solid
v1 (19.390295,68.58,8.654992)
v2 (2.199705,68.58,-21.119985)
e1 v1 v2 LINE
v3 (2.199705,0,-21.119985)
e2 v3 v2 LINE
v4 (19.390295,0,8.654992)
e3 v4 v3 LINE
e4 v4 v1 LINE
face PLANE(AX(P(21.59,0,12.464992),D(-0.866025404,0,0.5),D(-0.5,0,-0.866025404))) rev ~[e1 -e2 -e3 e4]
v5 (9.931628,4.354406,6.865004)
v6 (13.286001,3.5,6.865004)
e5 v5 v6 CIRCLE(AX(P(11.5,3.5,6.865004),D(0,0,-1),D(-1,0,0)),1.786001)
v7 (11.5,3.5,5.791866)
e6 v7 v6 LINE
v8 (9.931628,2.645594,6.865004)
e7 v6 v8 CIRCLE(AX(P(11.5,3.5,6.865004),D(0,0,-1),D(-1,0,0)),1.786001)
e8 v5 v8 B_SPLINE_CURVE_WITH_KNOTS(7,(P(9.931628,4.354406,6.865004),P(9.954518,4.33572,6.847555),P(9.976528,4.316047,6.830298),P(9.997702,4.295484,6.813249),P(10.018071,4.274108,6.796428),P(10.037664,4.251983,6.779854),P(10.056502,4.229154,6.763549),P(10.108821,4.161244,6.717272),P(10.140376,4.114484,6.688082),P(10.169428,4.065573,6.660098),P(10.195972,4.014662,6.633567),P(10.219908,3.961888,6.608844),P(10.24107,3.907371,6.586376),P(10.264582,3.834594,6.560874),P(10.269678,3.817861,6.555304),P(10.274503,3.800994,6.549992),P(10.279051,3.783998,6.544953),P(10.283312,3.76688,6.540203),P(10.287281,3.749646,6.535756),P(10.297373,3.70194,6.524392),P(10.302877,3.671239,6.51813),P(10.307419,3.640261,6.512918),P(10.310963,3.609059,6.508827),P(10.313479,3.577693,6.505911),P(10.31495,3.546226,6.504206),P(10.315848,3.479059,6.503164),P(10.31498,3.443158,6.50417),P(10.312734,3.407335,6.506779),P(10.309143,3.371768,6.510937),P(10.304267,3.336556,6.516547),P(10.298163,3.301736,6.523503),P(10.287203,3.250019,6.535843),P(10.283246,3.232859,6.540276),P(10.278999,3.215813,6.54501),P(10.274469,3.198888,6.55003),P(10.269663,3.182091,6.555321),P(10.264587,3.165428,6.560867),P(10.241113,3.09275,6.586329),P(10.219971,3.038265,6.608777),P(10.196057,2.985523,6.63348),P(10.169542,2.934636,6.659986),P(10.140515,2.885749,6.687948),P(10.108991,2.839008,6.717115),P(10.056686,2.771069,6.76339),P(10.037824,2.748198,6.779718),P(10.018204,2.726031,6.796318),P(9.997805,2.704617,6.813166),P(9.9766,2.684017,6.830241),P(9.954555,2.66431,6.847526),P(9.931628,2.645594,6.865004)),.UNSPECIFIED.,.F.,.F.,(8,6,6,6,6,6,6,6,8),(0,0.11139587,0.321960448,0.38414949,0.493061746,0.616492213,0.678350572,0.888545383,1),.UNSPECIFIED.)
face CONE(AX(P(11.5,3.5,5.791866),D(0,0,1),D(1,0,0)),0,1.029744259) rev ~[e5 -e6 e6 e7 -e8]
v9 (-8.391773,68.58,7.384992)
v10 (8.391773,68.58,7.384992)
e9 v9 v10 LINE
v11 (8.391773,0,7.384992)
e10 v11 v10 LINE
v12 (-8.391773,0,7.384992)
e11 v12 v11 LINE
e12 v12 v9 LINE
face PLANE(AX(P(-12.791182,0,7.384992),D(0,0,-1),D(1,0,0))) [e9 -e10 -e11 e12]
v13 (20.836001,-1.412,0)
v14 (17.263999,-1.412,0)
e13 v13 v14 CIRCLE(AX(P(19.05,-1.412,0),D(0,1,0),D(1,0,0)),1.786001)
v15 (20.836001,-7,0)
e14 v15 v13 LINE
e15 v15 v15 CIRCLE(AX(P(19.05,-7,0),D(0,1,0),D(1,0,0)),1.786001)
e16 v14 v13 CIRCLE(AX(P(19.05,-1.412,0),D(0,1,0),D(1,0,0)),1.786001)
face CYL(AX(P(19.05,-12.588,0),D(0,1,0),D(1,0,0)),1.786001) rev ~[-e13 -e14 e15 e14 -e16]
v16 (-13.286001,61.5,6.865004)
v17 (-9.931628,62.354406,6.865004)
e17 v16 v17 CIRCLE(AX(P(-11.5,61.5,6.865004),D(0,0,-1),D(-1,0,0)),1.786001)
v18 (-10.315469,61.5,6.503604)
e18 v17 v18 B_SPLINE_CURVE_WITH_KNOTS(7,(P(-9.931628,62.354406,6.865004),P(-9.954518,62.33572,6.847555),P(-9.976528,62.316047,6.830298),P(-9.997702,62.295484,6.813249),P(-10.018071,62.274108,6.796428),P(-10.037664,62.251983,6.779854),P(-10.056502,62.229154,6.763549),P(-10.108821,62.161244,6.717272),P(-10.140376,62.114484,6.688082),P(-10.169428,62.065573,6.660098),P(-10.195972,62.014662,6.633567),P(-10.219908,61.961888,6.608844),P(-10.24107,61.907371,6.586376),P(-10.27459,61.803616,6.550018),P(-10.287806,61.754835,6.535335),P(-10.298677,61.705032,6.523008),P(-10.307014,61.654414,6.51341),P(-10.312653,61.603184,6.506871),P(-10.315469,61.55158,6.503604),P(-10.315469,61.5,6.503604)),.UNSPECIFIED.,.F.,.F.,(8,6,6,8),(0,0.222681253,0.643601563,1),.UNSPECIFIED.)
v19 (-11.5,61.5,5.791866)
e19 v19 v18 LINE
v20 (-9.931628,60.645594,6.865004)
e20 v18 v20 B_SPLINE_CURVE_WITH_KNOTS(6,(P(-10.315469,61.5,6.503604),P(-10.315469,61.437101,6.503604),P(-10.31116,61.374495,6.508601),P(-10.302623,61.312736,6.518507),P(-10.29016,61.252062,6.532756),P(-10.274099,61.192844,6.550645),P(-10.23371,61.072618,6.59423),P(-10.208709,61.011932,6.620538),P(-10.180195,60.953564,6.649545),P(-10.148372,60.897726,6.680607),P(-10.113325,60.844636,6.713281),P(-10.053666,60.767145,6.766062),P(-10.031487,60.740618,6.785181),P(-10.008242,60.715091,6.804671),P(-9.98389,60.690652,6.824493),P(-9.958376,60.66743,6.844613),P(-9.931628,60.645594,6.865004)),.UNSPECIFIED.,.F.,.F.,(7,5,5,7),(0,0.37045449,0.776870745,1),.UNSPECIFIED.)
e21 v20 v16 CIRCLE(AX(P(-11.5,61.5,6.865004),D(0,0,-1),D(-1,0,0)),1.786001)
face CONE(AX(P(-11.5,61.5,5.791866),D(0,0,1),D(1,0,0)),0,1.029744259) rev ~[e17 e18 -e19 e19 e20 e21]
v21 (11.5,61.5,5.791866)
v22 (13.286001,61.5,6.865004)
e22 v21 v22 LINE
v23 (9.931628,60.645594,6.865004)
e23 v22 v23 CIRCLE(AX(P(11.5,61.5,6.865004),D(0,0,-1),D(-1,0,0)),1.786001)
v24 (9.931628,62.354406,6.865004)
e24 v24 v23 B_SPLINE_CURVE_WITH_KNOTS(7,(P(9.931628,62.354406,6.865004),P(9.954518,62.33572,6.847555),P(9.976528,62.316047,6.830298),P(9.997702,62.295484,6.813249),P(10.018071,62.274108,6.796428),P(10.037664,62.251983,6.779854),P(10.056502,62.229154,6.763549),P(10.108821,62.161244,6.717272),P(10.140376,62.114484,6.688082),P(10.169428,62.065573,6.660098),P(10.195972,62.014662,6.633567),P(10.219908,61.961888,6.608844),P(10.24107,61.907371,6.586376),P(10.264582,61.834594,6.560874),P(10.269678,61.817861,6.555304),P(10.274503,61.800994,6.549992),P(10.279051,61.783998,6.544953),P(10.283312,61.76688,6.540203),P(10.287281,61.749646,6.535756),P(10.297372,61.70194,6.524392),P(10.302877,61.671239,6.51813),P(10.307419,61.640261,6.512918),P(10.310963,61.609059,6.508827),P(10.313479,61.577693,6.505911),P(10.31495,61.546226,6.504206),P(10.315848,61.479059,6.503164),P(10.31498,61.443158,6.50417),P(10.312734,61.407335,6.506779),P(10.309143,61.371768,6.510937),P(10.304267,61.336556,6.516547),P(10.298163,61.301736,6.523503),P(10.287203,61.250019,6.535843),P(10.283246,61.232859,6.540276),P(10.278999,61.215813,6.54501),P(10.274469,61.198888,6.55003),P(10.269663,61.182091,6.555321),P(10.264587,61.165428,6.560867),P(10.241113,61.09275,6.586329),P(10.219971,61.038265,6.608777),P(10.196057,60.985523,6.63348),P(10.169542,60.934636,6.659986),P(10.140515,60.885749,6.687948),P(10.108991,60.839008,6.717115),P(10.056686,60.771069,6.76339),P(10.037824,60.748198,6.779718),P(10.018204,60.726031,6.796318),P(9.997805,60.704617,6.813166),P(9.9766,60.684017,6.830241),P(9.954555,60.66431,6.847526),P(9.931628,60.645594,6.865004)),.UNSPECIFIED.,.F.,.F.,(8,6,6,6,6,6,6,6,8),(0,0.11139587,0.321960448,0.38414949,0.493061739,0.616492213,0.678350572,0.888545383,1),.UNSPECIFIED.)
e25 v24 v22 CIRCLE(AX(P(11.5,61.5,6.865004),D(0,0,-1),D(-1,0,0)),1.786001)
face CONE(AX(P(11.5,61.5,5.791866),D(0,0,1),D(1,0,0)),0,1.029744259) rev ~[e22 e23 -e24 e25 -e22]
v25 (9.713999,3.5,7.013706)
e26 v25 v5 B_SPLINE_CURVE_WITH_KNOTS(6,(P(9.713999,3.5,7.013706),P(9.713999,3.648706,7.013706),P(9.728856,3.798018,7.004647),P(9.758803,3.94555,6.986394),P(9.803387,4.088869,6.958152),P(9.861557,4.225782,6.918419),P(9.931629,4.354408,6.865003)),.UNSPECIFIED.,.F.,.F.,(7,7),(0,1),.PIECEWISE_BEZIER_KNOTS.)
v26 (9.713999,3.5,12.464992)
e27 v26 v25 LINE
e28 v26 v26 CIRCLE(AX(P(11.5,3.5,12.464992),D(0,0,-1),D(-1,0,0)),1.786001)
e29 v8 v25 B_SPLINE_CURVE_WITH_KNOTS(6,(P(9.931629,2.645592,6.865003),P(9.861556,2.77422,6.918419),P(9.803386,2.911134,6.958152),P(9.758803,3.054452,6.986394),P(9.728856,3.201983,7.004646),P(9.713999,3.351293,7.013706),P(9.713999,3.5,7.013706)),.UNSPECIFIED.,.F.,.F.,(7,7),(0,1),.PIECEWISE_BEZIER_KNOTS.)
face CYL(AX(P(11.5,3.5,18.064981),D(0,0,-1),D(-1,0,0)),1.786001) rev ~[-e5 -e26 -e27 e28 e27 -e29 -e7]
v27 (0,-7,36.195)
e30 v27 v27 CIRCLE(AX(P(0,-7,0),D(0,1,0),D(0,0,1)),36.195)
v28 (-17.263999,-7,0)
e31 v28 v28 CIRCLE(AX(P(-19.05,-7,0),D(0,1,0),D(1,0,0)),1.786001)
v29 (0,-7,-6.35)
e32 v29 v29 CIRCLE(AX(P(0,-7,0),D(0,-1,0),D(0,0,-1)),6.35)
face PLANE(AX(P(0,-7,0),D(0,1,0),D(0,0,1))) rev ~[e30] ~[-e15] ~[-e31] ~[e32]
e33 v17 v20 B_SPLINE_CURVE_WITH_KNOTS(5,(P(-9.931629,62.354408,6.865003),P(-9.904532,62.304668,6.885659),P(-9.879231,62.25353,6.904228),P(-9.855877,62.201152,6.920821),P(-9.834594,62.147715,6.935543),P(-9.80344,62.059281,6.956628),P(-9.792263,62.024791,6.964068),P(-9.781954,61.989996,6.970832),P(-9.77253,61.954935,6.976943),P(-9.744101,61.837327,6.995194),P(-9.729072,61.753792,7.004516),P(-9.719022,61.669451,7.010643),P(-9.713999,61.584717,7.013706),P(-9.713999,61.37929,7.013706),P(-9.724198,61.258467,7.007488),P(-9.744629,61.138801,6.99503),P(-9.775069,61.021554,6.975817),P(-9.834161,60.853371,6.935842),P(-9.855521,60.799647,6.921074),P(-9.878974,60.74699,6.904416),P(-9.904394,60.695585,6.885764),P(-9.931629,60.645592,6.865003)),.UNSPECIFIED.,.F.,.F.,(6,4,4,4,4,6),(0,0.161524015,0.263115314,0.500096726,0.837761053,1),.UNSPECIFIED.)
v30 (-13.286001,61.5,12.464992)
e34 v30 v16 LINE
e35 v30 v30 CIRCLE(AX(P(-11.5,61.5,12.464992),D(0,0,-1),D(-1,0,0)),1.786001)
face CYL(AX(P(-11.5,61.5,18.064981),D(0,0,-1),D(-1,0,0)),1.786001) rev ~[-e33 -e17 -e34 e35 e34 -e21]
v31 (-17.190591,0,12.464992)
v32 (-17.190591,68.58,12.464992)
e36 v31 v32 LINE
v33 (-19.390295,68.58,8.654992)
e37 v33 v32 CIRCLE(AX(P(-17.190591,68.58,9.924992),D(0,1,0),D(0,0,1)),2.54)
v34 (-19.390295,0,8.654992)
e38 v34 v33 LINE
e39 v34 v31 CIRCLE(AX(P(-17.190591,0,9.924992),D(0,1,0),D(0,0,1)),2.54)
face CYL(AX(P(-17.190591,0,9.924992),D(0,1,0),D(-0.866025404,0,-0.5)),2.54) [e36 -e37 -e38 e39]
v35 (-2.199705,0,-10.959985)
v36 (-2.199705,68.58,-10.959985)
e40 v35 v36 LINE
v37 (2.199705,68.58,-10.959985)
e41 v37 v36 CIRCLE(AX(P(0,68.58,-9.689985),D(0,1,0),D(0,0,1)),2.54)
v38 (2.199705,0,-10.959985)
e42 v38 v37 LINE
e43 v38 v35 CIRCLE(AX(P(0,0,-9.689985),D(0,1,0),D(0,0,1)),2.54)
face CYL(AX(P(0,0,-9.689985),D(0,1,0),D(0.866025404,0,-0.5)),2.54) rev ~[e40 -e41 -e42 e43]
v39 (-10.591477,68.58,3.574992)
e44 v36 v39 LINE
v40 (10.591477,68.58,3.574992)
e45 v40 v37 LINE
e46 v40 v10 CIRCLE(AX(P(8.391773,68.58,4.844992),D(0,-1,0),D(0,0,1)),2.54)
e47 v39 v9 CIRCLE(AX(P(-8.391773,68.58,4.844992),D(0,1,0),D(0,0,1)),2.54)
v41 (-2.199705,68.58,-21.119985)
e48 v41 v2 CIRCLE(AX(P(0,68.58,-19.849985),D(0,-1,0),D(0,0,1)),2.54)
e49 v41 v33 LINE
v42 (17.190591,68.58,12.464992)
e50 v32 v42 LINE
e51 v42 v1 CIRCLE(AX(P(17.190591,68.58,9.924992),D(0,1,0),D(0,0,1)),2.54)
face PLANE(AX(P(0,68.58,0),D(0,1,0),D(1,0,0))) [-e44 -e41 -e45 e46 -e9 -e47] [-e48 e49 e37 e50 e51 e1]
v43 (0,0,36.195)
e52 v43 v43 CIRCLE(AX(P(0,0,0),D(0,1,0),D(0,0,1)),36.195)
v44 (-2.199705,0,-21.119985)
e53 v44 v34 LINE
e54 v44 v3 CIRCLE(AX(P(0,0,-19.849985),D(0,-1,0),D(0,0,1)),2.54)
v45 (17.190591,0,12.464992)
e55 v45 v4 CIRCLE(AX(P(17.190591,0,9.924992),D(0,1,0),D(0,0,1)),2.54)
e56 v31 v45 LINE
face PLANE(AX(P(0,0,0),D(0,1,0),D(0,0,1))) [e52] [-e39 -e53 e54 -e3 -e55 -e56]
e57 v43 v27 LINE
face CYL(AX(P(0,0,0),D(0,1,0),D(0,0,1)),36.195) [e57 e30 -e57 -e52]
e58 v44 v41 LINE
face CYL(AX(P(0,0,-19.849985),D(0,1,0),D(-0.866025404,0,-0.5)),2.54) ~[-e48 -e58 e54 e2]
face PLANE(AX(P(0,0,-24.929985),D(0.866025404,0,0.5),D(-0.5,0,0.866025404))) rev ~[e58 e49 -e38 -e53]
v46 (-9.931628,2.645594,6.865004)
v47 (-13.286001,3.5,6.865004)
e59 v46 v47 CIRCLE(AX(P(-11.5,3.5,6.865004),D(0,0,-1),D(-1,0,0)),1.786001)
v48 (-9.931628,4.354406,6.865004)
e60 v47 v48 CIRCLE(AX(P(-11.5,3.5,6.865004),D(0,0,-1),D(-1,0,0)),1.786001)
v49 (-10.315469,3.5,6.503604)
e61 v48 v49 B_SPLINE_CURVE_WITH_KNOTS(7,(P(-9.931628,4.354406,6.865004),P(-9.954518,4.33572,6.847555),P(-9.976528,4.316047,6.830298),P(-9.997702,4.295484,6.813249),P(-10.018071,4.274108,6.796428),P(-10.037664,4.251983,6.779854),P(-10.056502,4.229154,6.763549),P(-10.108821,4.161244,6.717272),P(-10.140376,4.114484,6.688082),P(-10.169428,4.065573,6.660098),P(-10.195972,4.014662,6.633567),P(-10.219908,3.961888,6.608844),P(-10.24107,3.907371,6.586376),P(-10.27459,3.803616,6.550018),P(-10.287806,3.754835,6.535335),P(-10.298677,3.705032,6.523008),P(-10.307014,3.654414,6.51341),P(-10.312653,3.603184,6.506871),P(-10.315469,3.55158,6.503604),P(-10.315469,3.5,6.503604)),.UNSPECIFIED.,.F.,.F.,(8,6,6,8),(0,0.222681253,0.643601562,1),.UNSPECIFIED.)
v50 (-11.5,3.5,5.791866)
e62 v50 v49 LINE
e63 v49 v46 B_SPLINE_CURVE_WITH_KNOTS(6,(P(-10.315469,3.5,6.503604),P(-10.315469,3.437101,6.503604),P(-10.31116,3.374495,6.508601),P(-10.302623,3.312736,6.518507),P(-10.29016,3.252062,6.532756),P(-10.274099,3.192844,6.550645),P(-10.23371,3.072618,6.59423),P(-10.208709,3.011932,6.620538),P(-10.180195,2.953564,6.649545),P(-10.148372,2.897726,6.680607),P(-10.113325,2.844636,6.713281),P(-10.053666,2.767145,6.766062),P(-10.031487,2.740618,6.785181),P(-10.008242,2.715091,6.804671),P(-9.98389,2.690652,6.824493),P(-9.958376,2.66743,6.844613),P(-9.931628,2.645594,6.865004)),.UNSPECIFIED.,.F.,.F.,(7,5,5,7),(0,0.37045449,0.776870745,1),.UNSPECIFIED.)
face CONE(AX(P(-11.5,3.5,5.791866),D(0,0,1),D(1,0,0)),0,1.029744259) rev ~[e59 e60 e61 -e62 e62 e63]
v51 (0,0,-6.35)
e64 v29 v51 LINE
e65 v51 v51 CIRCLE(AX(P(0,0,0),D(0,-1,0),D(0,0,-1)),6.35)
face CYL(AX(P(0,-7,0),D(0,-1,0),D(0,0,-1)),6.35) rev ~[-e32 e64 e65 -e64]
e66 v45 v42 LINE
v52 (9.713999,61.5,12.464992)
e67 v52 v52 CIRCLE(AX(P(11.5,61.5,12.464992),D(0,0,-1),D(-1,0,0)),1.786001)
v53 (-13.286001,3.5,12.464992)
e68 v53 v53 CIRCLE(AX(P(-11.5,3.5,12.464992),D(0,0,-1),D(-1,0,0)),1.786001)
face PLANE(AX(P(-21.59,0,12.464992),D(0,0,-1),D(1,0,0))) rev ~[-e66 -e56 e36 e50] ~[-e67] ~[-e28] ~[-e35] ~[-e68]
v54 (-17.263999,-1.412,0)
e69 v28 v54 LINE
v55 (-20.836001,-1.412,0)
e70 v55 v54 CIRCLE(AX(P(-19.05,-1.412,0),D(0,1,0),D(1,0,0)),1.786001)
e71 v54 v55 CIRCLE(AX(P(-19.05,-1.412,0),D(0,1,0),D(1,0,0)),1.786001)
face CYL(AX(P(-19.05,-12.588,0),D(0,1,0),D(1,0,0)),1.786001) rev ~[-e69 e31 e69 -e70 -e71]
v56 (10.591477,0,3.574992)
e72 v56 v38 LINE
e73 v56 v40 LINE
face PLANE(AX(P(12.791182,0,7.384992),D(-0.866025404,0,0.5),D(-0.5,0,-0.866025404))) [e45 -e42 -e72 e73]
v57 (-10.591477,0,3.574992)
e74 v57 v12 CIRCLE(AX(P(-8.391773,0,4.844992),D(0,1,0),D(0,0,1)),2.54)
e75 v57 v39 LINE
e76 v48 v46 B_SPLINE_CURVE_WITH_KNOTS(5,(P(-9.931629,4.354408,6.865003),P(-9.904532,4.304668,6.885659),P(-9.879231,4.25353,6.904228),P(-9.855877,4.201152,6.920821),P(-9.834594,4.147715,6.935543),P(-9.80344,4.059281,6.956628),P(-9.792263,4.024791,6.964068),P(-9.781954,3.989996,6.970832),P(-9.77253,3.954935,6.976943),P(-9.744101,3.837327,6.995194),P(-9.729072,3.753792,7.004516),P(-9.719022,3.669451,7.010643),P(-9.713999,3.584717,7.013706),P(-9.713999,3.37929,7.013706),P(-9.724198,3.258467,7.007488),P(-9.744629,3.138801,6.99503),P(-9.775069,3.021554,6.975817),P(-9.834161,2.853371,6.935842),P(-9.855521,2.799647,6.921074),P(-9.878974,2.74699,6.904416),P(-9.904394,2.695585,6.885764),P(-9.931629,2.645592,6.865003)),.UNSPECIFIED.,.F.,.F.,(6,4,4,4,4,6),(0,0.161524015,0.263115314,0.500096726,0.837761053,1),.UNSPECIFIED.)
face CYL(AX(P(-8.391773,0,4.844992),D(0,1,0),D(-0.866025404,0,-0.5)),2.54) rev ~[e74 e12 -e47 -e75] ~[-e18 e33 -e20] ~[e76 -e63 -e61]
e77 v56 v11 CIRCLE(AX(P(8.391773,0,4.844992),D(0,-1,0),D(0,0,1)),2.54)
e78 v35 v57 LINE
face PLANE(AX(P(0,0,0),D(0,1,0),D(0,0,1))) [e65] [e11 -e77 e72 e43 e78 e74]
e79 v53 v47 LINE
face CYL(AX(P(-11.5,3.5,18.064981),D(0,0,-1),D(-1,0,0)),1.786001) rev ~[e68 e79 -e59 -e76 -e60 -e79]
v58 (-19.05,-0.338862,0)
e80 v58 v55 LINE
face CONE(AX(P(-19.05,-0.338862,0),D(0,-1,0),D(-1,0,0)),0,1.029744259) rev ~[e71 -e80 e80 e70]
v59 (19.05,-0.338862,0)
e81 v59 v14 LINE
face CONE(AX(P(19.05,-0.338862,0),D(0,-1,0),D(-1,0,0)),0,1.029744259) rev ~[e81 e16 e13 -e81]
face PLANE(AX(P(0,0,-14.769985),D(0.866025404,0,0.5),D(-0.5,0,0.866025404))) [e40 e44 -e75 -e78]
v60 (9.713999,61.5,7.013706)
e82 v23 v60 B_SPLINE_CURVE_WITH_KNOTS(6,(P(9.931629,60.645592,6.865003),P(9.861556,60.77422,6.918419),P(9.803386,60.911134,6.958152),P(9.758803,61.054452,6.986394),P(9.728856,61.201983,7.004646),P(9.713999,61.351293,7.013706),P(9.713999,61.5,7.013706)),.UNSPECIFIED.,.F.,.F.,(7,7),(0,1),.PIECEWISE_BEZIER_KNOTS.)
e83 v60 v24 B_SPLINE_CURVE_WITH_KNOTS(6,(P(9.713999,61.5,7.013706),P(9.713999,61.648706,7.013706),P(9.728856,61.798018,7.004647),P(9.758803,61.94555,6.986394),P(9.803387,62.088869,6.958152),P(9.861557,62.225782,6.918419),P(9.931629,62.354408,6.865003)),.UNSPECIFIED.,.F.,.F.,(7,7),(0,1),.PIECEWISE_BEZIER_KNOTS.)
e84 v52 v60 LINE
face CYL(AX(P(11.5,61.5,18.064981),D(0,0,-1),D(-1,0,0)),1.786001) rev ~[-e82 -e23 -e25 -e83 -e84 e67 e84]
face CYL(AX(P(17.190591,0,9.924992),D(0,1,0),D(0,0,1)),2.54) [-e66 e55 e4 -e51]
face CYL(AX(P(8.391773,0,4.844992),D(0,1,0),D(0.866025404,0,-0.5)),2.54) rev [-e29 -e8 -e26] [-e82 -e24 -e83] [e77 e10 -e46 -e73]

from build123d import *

# Parameters (mm, degrees)
SKETCH1_R                           = 36.195
BOSS_EXTRUDE1_DEPTH                 = 7
CUT_EXTRUDE1_REACH                  = 53.664
SKETCH2_R                           = 6.35
BOSS_EXTRUDE2_DEPTH                 = 68.58
FILLET1_R                           = 2.54
F_9_64_0_14063_DIAMETER_HOLE1_D     = 3.572002
F_9_64_0_14063_DIAMETER_HOLE1_DEPTH = 5.5999888
F_9_64_0_14063_DIAMETER_HOLE1_TIP   = 1.073137666
F_9_64_0_14063_DIAMETER_HOLE2_D     = 3.572002
F_9_64_0_14063_DIAMETER_HOLE2_DEPTH = 5.588
F_9_64_0_14063_DIAMETER_HOLE2_TIP   = 1.073137666


with BuildPart() as part:
    # Sketch1 → Boss-Extrude1 (new body)
    with BuildSketch(Plane(origin=(0, 0, 0), x_dir=(1, 0, 0), z_dir=(0, 1, 0))):
        Circle(SKETCH1_R)
    extrude(amount=-BOSS_EXTRUDE1_DEPTH)

    # Sketch2 → Cut-Extrude1 (cut, up to next)
    with BuildSketch(Plane.XZ.offset(7), mode=Mode.PRIVATE) as cut_extrude1_sk1:
        Circle(SKETCH2_R)
    cut_extrude1_tool1 = extrude(cut_extrude1_sk1.sketch, amount=-CUT_EXTRUDE1_REACH, mode=Mode.PRIVATE) & part.part
    add(cut_extrude1_tool1.solids().sort_by_distance((0, -7, 0))[0], mode=Mode.SUBTRACT)

    # Sketch3 → Boss-Extrude2 (add)
    with BuildSketch(Plane(origin=(0, 0, 0), x_dir=(1, 0, 0), z_dir=(0, 1, 0))):
        Polygon((0, 24.929984624), (-21.59, -12.464992312), (21.59, -12.464992312), align=None)
        Polygon((12.791181898, -7.384992312), (0, 14.769984624), (-12.791181898, -7.384992312), align=None, mode=Mode.SUBTRACT)
    extrude(amount=BOSS_EXTRUDE2_DEPTH)

    # Fillet1
    fillet1_edges = [part.edges().sort_by_distance(p)[0] for p in [
        (-12.791181898, 34.29, 7.384992312),
        (12.791181898, 34.29, 7.384992312),
        (0, 34.29, -14.769984624),
        (0, 34.29, -24.929984624),
        (21.59, 34.29, 12.464992312),
        (-21.59, 34.29, 12.464992312),
    ]]
    fillet(fillet1_edges, radius=FILLET1_R)

    # 9/64 (0.14063) Diameter Hole1
    with Locations(Plane.XY.offset(12.464992312)):
        with Locations((-11.5, 61.5), (11.5, 61.5), (-11.5, 3.5), (11.5, 3.5)):
            Hole(F_9_64_0_14063_DIAMETER_HOLE1_D / 2, depth=F_9_64_0_14063_DIAMETER_HOLE1_DEPTH)
            with Locations((0, 0, -(F_9_64_0_14063_DIAMETER_HOLE1_DEPTH + F_9_64_0_14063_DIAMETER_HOLE1_TIP / 2))):  # 118° drill point
                Cone(0, F_9_64_0_14063_DIAMETER_HOLE1_D / 2, F_9_64_0_14063_DIAMETER_HOLE1_TIP, mode=Mode.SUBTRACT)

    # 9/64 (0.14063) Diameter Hole2
    with Locations(Plane(origin=(0, -7, 0), x_dir=(-1, 0, 0), z_dir=(0, -1, 0))):
        with Locations((-19.05, 0), (19.05, 0)):
            Hole(F_9_64_0_14063_DIAMETER_HOLE2_D / 2, depth=F_9_64_0_14063_DIAMETER_HOLE2_DEPTH)
            with Locations((0, 0, -(F_9_64_0_14063_DIAMETER_HOLE2_DEPTH + F_9_64_0_14063_DIAMETER_HOLE2_TIP / 2))):  # 118° drill point
                Cone(0, F_9_64_0_14063_DIAMETER_HOLE2_D / 2, F_9_64_0_14063_DIAMETER_HOLE2_TIP, mode=Mode.SUBTRACT)


solid = part.part
